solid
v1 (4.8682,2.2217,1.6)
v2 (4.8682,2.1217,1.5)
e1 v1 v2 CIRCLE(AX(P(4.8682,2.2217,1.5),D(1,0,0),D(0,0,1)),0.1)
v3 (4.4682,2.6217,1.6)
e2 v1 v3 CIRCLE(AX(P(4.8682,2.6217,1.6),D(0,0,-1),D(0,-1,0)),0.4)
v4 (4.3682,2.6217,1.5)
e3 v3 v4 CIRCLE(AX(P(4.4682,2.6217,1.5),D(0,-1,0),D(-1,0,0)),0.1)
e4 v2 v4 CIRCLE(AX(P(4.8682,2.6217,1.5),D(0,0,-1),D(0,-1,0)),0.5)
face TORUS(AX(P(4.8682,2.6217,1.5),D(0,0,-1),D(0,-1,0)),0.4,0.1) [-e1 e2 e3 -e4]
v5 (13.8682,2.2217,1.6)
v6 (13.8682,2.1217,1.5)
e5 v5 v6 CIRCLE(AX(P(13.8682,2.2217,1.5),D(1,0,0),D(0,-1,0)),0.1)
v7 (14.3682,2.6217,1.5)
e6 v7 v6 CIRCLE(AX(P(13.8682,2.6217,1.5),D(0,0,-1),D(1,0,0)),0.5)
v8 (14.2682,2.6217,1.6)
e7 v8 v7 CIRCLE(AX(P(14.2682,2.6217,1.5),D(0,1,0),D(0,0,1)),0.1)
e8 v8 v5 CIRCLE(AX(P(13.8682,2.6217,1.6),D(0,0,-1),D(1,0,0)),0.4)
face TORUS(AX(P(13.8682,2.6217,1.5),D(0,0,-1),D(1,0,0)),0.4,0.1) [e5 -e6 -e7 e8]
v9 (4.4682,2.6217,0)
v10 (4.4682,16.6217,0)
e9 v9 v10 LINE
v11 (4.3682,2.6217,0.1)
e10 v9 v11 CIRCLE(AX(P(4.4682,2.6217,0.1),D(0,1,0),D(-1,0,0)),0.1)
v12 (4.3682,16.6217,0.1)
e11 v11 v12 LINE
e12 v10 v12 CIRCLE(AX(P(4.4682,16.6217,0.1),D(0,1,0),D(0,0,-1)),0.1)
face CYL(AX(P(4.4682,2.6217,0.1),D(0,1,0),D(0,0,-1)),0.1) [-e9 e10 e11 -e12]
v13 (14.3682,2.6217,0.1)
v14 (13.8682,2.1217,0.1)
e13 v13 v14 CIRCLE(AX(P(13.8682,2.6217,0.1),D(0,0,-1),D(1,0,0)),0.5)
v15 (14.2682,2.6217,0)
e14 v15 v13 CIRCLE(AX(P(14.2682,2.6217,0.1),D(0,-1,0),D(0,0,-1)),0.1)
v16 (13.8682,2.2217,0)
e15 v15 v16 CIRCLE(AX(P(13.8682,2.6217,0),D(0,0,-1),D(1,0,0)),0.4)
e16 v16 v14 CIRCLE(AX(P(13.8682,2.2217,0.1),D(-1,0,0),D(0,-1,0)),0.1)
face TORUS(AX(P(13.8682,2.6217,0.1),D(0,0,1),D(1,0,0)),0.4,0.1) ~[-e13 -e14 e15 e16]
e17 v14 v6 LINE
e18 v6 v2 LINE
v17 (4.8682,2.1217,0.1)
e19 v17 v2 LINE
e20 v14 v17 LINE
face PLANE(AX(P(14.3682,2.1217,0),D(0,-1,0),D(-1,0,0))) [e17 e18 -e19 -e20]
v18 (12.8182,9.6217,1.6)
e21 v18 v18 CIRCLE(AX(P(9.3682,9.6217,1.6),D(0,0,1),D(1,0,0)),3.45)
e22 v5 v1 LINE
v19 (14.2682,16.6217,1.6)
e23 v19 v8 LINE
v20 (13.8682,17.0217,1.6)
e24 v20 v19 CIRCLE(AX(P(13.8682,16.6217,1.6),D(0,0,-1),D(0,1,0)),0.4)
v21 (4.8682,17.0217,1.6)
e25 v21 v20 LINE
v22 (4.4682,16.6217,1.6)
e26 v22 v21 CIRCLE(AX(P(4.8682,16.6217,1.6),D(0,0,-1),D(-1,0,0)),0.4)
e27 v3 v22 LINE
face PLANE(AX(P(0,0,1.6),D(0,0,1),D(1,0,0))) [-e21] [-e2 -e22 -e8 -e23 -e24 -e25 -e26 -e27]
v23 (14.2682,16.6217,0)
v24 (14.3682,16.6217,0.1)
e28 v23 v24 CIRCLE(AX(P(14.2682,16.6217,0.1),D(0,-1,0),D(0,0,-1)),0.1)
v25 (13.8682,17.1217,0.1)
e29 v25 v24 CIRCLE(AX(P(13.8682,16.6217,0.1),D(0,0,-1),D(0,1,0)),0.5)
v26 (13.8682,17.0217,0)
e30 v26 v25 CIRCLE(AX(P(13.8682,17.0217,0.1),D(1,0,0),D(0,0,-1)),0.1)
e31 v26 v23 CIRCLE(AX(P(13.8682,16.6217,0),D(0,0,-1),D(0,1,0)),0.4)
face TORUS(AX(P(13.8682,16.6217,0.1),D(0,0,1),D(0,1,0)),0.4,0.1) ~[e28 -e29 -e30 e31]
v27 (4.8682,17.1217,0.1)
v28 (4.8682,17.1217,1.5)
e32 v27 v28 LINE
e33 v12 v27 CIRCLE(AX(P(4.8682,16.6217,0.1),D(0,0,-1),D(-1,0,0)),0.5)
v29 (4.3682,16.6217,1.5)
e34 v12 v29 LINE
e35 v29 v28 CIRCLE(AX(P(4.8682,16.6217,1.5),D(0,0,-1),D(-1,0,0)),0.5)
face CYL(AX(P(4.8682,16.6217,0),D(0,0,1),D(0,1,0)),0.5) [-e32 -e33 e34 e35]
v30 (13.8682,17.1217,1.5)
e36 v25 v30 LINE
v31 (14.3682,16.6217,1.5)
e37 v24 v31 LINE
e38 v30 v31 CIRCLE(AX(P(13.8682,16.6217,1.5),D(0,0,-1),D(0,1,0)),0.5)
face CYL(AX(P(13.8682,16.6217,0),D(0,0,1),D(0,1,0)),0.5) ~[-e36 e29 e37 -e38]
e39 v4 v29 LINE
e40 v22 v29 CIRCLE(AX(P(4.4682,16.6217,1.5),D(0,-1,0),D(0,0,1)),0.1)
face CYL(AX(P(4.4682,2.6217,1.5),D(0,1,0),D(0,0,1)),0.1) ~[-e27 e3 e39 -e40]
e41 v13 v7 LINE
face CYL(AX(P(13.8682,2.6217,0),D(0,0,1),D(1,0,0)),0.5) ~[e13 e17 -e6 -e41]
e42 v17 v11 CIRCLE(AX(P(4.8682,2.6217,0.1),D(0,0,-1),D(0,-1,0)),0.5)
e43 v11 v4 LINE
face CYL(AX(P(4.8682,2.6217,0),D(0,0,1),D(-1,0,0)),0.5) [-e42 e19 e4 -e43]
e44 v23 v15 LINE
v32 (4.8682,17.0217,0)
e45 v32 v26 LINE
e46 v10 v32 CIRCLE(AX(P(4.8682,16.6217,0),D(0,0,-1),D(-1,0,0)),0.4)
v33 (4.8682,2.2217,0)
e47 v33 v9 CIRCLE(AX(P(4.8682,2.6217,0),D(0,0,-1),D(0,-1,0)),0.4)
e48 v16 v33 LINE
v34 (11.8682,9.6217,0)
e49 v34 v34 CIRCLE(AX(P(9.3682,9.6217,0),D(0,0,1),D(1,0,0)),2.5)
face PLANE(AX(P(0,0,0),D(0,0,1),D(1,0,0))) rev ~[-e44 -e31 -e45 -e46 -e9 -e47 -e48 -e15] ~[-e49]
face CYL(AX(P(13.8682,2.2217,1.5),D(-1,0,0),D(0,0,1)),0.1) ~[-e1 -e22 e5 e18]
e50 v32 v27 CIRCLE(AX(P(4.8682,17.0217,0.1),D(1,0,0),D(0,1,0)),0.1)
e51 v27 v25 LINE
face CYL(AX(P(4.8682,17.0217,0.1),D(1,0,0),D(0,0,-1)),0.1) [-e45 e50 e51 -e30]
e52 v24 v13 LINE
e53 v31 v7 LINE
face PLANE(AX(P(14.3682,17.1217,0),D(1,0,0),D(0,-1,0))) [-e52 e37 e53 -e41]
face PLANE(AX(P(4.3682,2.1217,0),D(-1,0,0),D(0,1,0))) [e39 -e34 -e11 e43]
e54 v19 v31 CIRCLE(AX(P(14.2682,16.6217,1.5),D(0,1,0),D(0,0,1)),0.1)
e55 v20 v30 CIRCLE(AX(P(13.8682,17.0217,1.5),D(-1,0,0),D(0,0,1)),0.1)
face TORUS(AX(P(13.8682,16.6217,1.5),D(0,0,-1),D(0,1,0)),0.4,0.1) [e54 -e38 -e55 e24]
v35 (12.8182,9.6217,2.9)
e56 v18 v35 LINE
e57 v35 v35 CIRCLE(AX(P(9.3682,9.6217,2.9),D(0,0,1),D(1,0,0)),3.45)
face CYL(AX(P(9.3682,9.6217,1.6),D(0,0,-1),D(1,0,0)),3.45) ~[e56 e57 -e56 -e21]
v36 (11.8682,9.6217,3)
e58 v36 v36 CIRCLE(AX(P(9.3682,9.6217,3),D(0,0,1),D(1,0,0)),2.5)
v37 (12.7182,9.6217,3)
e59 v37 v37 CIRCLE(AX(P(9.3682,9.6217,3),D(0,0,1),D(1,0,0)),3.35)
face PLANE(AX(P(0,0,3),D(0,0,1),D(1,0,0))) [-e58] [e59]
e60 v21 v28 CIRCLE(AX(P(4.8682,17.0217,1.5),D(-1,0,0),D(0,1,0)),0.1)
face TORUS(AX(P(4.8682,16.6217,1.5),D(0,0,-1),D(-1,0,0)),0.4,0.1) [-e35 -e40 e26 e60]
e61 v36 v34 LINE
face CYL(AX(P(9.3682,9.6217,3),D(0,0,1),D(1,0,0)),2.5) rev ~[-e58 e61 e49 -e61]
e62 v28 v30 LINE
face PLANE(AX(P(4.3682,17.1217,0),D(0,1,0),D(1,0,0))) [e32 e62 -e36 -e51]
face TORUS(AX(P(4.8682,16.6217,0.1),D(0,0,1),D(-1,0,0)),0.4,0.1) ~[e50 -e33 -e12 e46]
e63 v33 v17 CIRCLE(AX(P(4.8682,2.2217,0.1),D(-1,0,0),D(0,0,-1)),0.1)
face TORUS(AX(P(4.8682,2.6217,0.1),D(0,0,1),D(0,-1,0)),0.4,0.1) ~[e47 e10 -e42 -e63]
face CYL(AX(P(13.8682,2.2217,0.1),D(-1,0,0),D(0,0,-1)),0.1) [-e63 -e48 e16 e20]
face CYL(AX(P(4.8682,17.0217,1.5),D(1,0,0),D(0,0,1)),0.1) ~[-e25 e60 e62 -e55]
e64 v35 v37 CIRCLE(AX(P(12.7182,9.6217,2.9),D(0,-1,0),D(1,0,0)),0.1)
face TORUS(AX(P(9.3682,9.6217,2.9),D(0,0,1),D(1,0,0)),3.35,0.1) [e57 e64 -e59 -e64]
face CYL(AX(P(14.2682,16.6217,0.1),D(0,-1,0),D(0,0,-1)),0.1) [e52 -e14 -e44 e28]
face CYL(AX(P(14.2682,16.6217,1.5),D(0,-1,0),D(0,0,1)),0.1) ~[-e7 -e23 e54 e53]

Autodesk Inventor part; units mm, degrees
ref_plane "YZ Plane" through (0, 0, 0) normal (1, 0, 0) x (0, 1, 0)
ref_plane "XZ Plane" through (0, 0, 0) normal (0, 1, 0) x (-1, 0, 0)
ref_plane "XY Plane" through (0, 0, 0) normal (0, 0, 1) x (1, 0, 0)
sketch "Sketch1" plane through (0, 0, 0) normal (0, 0, 1) x (1, 0, 0)
  line L0 (4.3682, 17.1217) -> (14.3682, 17.1217)
  line L1 (14.3682, 17.1217) -> (14.3682, 2.1217)
  line L2 (14.3682, 2.1217) -> (4.3682, 2.1217)
  line L3 (4.3682, 2.1217) -> (4.3682, 17.1217)
  dimension "d0" = 10
  dimension "d1" = 15
extrude "Extrusion1" add sketch "Sketch1" along normal blind 1.6
sketch "Sketch2" plane through (0, 0, 1.6) normal (0, 0, 1) x (1, 0, 0)
  line L0 (4.3682, 17.1217) -> (14.3682, 17.1217) projected
  line L1 (4.3682, 2.1217) -> (4.3682, 17.1217) projected
  circle A0 centre (9.3682, 9.6217) radius 3.45
  dimension "d4" = 6.9
  dimension "d5" = 5
  dimension "d6" = 7.5
extrude "Extrusion2" add sketch "Sketch2" along normal blind 1.4
sketch "Sketch3" plane through (9.3682, 9.6217, 3) normal (0, 0, 1) x (1, 0, 0)
  circle A0 centre (0, 0) radius 3.45 projected
  circle A1 centre (0, 0) radius 2.5
  dimension "d9" = 5
extrude "Extrusion3" cut sketch "Sketch3" against normal through all contours A1
fillet "Fillet1" radius 0.5 4 edges at (14.3682, 17.1217, 0.8) (14.3682, 2.1217, 0.8) (4.3682, 2.1217, 0.8) (4.3682, 17.1217, 0.8)
fillet "Fillet2" radius 0.1 17 edges at (5.9182, 9.6217, 3) (14.3682, 9.6217, 1.6) (14.2217, 2.2681, 1.6) (9.3682, 2.1217, 1.6) (4.5146, 2.2681, 1.6) (4.3682, 9.6217, 1.6) (4.5146, 16.9752, 1.6) (9.3682, 17.1217, 1.6) (14.2217, 16.9752, 1.6) (14.3682, 9.6217, 0) (14.2217, 2.2681, 0) (9.3682, 2.1217, 0) (4.5146, 2.2681, 0) (4.3682, 9.6217, 0) (4.5146, 16.9752, 0) (9.3682, 17.1217, 0) (14.2217, 16.9752, 0)
properties part number "SM-H11" material "Steel, Mild"
